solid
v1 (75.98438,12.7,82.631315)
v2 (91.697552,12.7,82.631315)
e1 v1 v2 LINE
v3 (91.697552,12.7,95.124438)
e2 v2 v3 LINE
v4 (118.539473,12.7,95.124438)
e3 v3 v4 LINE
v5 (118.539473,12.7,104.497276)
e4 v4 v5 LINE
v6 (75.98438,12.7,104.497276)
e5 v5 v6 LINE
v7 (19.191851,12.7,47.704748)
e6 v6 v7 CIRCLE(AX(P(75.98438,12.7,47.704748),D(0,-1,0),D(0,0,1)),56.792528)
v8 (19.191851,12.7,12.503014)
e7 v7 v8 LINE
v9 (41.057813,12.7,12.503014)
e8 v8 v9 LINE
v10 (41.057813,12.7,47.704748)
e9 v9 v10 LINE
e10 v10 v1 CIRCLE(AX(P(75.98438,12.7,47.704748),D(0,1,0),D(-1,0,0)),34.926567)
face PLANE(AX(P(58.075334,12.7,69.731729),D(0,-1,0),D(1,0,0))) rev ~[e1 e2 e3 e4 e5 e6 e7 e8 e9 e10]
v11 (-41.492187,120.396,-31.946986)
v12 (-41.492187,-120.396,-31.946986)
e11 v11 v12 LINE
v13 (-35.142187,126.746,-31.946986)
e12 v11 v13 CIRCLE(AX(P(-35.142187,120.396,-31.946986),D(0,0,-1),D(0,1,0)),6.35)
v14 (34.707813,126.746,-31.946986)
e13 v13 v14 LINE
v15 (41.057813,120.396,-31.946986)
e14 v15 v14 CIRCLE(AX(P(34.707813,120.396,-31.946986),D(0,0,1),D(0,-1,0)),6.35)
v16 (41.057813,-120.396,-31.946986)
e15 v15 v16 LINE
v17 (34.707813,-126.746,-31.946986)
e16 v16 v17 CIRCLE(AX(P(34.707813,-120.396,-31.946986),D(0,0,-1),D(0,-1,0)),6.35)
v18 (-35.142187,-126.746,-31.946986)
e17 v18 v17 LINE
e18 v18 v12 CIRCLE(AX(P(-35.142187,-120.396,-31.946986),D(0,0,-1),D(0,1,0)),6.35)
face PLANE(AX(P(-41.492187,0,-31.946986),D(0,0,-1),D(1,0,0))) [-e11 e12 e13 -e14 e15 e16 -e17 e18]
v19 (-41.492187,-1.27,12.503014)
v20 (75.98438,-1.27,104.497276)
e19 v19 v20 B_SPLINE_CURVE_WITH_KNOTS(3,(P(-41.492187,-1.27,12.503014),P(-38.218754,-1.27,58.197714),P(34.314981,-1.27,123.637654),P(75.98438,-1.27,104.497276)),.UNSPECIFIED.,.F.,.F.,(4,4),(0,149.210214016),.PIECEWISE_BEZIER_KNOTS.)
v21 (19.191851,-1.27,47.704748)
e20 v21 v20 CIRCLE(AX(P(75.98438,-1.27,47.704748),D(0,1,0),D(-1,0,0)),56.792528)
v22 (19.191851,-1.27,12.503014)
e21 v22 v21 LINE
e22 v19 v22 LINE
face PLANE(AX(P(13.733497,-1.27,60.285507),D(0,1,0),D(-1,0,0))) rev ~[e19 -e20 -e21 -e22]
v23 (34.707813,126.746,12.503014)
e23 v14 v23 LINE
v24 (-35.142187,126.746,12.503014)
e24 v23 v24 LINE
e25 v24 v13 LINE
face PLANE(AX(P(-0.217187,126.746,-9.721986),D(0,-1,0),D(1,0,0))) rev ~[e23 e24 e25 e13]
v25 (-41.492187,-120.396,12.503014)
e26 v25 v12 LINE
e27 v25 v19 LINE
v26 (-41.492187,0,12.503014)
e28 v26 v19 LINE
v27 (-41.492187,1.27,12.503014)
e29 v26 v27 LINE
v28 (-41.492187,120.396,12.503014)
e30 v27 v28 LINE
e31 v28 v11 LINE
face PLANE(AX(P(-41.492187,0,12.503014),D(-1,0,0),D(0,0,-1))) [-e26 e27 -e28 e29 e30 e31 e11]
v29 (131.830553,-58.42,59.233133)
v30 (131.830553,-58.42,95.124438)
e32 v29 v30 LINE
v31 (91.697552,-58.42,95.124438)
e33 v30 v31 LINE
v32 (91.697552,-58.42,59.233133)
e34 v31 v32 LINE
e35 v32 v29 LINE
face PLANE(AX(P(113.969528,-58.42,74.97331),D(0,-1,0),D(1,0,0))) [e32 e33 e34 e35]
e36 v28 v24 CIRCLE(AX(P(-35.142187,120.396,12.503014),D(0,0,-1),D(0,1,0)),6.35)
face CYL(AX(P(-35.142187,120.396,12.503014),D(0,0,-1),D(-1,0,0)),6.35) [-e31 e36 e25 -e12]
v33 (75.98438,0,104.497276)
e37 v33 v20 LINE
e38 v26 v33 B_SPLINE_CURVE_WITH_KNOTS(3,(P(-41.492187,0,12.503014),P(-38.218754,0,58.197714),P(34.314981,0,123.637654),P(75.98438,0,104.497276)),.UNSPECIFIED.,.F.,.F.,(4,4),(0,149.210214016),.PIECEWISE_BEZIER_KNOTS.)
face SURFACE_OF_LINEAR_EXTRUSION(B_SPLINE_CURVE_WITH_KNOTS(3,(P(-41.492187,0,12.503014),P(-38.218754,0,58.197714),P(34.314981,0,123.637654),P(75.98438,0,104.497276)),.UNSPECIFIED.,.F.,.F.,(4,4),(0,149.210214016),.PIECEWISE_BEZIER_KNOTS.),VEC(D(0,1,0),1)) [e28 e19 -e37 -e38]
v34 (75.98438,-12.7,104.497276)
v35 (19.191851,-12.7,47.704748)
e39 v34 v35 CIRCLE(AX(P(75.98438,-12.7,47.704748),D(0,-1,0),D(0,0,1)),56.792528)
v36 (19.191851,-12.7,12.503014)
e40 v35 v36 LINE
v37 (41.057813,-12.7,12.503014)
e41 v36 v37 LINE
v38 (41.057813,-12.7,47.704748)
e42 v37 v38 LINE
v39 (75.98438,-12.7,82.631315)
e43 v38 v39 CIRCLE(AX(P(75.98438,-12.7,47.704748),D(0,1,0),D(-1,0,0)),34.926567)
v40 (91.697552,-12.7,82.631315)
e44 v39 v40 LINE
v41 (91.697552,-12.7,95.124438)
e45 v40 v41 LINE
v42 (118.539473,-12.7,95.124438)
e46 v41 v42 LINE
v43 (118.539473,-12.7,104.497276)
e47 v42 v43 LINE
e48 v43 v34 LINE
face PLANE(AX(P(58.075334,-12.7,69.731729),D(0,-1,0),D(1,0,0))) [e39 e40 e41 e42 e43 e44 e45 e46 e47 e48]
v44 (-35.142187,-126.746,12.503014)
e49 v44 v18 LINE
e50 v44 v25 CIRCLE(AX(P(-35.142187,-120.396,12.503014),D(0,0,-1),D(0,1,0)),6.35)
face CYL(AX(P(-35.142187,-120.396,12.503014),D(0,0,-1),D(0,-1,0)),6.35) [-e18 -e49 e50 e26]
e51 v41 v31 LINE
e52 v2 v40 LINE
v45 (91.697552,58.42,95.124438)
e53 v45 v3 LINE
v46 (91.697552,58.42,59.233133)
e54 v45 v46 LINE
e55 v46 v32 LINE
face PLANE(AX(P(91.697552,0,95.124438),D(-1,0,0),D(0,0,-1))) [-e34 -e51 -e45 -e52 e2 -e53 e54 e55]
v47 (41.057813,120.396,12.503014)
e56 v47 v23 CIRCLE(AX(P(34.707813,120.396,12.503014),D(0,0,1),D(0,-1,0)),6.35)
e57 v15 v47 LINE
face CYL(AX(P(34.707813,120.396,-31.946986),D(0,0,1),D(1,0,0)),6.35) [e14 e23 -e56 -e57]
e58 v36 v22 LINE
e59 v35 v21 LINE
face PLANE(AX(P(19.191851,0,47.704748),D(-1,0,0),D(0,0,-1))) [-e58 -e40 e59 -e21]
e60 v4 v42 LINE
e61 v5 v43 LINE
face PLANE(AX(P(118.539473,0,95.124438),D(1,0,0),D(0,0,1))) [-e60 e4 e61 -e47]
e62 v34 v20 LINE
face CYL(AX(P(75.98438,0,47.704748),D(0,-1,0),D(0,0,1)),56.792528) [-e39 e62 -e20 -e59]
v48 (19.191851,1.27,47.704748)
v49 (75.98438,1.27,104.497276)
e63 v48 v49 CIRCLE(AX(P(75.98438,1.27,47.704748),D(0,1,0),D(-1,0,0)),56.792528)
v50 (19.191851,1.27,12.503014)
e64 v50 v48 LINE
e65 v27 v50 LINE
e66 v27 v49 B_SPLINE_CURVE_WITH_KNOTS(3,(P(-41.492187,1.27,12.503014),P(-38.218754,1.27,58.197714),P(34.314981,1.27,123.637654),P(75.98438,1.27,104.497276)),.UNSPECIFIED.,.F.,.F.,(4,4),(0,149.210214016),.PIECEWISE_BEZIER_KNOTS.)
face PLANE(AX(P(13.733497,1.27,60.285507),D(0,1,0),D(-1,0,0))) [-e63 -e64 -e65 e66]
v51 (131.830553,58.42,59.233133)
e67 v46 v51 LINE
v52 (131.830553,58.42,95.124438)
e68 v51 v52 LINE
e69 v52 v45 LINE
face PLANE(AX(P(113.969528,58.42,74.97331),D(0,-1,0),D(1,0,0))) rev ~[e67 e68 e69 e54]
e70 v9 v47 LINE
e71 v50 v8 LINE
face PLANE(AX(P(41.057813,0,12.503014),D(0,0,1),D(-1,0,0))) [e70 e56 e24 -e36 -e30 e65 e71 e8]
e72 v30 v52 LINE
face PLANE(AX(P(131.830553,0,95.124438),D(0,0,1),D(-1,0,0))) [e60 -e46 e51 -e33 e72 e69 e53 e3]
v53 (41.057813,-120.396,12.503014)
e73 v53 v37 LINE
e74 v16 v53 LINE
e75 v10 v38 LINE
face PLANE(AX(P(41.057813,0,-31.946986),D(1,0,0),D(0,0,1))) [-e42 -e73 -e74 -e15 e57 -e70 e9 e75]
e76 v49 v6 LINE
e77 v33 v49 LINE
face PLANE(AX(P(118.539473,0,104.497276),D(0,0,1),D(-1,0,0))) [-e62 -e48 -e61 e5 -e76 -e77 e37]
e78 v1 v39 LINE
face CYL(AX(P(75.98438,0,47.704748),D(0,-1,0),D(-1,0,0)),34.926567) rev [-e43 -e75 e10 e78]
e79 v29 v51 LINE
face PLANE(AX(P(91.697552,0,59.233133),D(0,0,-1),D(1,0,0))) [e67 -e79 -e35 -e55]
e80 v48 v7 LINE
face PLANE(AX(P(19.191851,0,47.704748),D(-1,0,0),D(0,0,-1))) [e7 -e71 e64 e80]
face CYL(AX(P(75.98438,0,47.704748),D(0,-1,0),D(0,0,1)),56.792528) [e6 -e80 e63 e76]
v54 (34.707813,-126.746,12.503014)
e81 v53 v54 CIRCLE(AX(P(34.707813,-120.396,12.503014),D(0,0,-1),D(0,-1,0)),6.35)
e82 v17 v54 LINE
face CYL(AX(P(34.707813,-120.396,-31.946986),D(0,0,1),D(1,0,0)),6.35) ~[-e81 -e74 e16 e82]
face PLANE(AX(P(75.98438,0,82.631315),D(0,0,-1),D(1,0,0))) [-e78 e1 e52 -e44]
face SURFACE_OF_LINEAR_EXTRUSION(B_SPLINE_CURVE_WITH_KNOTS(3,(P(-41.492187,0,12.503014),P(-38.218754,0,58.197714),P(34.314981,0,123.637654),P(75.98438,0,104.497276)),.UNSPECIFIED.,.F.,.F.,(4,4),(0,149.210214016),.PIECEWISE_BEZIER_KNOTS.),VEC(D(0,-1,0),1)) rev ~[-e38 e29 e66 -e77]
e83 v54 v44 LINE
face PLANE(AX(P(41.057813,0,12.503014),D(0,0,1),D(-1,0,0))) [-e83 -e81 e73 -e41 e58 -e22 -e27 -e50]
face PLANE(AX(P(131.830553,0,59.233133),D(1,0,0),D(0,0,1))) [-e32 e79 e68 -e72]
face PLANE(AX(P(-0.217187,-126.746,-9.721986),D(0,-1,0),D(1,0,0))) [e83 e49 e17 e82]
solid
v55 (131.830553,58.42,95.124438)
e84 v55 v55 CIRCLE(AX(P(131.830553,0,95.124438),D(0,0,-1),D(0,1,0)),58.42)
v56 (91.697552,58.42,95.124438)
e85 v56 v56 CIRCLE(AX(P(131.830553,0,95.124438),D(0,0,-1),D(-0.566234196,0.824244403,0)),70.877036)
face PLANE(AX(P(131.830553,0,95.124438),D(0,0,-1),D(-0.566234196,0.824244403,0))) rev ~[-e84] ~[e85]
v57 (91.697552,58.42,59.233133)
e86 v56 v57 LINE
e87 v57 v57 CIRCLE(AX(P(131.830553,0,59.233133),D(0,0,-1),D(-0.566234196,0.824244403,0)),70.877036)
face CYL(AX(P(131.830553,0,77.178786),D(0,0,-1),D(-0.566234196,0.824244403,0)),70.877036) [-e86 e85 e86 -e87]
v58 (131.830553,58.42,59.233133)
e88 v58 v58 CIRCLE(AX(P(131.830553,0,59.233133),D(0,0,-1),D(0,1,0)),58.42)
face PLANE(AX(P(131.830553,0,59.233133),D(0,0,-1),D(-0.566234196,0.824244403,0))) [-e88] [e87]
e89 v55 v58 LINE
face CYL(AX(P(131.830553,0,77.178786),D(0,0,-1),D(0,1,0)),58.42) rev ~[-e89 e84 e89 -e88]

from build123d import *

# Parameters (mm, degrees)
F1_DEPTH  = 126.746
F2_DEPTH  = 12.7
F0_W      = 26.8419216312
F0_H      = 12.4931237255
F3_DEPTH  = 58.42
F4_DEPTH  = 1.27
F3_FACE_W = 40.1330013099
F3_FACE_H = 35.8913054598
F6_R      = 6.35


with BuildPart() as f1:
    # F0 (on Front) → F1 (new body, symmetric)
    with BuildSketch(Plane.XZ):
        Polygon((19.1918514336, 12.5030142994), (-41.4921872737, 12.5030142994), (-41.4921872737, -31.9469857006), (41.0578127263, -31.9469857006), (41.0578127263, 12.5030142994), align=None)
    extrude(amount=F1_DEPTH, both=True)

    # F0 (on Front) → F2 (join, symmetric)
    with BuildSketch(Plane.XZ):
        with BuildLine():
            Line((19.1918514336, 18.5228512547), (19.1918514336, 12.5030142994))
            Line((19.1918514336, 12.5030142994), (41.0578127263, 12.5030142994))
            Line((41.0578127263, 12.5030142994), (41.0578127263, 47.7047476894))
            ThreePointArc((41.0578127263, 47.7047476894), (51.28756735, 72.4015600418), (75.9843797023, 82.6313146655))
            Line((75.9843797023, 82.6313146655), (91.6975517354, 82.6313146655))
            Line((91.6975517354, 82.6313146655), (91.6975517354, 95.124438391))
            Line((91.6975517354, 95.124438391), (118.5394733665, 95.124438391))
            Line((118.5394733665, 95.124438391), (118.5394733665, 104.4972759581))
            Line((118.5394733665, 104.4972759581), (75.9843797023, 104.4972759581))
            ThreePointArc((75.9843797023, 104.4972759581), (35.8259978428, 87.8631295489), (19.1918514336, 47.7047476894))
            Line((19.1918514336, 47.7047476894), (19.1918514336, 18.5228512547))
        make_face()
    extrude(amount=F2_DEPTH, both=True)

    # F0 (on Front) → F3 (join, symmetric)
    with BuildSketch(Plane.XZ):
        Polygon((131.8305530452, 95.124438391), (118.5394733665, 95.124438391), (118.5394733665, 82.6313146655), (91.6975517354, 82.6313146655), (91.6975517354, 59.2331329312), (131.8305530452, 59.2331329312), align=None)
        with Locations((105.118512551, 88.8778765282)):
            Rectangle(F0_W, F0_H)
    extrude(amount=F3_DEPTH, both=True)

    # F0 (on Front) → F4 (join, symmetric)
    with BuildSketch(Plane.XZ):
        with BuildLine():
            add(Edge.make_bspline(
                [(-41.4921872737, 12.5030142994), (-38.218754222, 58.1977139189), (34.3149812373, 123.6376541114), (75.9843797023, 104.4972759581)],
                knots=[0, 0, 0, 0, 149.2102140157, 149.2102140157, 149.2102140157, 149.2102140157], degree=3))
            Line((-41.4921872737, 12.5030142994), (19.1918514336, 12.5030142994))
            Line((19.1918514336, 12.5030142994), (19.1918514336, 18.5228512547))
            Line((19.1918514336, 18.5228512547), (19.1918514336, 47.7047476894))
            ThreePointArc((19.1918514336, 47.7047476894), (35.8259978428, 87.8631295489), (75.9843797023, 104.4972759581))
        make_face()
    extrude(amount=F4_DEPTH, both=True)

    # F6
    f6_edges = [f1.edges().sort_by_distance(p)[0] for p in [
        (41.057813, 126.746, -9.721986),
        (41.057813, -126.746, -9.721986),
        (-41.492187, -126.746, -9.721986),
        (-41.492187, 126.746, -9.721986),
    ]]
    fillet(f6_edges, radius=F6_R)


with BuildPart() as f5:
    # F3_face (on face) → F5 (revolve)
    with BuildSketch(Plane(origin=(111.7640523903, 58.42, 77.1787856611), x_dir=(1, 0, 0), z_dir=(0, 1, 0))):
        Rectangle(F3_FACE_W, F3_FACE_H)
    revolve(axis=Axis((131.8305530452, 0, 77.1787856611), (0, 0, -1)))


solid = Compound([f1.part, f5.part])
